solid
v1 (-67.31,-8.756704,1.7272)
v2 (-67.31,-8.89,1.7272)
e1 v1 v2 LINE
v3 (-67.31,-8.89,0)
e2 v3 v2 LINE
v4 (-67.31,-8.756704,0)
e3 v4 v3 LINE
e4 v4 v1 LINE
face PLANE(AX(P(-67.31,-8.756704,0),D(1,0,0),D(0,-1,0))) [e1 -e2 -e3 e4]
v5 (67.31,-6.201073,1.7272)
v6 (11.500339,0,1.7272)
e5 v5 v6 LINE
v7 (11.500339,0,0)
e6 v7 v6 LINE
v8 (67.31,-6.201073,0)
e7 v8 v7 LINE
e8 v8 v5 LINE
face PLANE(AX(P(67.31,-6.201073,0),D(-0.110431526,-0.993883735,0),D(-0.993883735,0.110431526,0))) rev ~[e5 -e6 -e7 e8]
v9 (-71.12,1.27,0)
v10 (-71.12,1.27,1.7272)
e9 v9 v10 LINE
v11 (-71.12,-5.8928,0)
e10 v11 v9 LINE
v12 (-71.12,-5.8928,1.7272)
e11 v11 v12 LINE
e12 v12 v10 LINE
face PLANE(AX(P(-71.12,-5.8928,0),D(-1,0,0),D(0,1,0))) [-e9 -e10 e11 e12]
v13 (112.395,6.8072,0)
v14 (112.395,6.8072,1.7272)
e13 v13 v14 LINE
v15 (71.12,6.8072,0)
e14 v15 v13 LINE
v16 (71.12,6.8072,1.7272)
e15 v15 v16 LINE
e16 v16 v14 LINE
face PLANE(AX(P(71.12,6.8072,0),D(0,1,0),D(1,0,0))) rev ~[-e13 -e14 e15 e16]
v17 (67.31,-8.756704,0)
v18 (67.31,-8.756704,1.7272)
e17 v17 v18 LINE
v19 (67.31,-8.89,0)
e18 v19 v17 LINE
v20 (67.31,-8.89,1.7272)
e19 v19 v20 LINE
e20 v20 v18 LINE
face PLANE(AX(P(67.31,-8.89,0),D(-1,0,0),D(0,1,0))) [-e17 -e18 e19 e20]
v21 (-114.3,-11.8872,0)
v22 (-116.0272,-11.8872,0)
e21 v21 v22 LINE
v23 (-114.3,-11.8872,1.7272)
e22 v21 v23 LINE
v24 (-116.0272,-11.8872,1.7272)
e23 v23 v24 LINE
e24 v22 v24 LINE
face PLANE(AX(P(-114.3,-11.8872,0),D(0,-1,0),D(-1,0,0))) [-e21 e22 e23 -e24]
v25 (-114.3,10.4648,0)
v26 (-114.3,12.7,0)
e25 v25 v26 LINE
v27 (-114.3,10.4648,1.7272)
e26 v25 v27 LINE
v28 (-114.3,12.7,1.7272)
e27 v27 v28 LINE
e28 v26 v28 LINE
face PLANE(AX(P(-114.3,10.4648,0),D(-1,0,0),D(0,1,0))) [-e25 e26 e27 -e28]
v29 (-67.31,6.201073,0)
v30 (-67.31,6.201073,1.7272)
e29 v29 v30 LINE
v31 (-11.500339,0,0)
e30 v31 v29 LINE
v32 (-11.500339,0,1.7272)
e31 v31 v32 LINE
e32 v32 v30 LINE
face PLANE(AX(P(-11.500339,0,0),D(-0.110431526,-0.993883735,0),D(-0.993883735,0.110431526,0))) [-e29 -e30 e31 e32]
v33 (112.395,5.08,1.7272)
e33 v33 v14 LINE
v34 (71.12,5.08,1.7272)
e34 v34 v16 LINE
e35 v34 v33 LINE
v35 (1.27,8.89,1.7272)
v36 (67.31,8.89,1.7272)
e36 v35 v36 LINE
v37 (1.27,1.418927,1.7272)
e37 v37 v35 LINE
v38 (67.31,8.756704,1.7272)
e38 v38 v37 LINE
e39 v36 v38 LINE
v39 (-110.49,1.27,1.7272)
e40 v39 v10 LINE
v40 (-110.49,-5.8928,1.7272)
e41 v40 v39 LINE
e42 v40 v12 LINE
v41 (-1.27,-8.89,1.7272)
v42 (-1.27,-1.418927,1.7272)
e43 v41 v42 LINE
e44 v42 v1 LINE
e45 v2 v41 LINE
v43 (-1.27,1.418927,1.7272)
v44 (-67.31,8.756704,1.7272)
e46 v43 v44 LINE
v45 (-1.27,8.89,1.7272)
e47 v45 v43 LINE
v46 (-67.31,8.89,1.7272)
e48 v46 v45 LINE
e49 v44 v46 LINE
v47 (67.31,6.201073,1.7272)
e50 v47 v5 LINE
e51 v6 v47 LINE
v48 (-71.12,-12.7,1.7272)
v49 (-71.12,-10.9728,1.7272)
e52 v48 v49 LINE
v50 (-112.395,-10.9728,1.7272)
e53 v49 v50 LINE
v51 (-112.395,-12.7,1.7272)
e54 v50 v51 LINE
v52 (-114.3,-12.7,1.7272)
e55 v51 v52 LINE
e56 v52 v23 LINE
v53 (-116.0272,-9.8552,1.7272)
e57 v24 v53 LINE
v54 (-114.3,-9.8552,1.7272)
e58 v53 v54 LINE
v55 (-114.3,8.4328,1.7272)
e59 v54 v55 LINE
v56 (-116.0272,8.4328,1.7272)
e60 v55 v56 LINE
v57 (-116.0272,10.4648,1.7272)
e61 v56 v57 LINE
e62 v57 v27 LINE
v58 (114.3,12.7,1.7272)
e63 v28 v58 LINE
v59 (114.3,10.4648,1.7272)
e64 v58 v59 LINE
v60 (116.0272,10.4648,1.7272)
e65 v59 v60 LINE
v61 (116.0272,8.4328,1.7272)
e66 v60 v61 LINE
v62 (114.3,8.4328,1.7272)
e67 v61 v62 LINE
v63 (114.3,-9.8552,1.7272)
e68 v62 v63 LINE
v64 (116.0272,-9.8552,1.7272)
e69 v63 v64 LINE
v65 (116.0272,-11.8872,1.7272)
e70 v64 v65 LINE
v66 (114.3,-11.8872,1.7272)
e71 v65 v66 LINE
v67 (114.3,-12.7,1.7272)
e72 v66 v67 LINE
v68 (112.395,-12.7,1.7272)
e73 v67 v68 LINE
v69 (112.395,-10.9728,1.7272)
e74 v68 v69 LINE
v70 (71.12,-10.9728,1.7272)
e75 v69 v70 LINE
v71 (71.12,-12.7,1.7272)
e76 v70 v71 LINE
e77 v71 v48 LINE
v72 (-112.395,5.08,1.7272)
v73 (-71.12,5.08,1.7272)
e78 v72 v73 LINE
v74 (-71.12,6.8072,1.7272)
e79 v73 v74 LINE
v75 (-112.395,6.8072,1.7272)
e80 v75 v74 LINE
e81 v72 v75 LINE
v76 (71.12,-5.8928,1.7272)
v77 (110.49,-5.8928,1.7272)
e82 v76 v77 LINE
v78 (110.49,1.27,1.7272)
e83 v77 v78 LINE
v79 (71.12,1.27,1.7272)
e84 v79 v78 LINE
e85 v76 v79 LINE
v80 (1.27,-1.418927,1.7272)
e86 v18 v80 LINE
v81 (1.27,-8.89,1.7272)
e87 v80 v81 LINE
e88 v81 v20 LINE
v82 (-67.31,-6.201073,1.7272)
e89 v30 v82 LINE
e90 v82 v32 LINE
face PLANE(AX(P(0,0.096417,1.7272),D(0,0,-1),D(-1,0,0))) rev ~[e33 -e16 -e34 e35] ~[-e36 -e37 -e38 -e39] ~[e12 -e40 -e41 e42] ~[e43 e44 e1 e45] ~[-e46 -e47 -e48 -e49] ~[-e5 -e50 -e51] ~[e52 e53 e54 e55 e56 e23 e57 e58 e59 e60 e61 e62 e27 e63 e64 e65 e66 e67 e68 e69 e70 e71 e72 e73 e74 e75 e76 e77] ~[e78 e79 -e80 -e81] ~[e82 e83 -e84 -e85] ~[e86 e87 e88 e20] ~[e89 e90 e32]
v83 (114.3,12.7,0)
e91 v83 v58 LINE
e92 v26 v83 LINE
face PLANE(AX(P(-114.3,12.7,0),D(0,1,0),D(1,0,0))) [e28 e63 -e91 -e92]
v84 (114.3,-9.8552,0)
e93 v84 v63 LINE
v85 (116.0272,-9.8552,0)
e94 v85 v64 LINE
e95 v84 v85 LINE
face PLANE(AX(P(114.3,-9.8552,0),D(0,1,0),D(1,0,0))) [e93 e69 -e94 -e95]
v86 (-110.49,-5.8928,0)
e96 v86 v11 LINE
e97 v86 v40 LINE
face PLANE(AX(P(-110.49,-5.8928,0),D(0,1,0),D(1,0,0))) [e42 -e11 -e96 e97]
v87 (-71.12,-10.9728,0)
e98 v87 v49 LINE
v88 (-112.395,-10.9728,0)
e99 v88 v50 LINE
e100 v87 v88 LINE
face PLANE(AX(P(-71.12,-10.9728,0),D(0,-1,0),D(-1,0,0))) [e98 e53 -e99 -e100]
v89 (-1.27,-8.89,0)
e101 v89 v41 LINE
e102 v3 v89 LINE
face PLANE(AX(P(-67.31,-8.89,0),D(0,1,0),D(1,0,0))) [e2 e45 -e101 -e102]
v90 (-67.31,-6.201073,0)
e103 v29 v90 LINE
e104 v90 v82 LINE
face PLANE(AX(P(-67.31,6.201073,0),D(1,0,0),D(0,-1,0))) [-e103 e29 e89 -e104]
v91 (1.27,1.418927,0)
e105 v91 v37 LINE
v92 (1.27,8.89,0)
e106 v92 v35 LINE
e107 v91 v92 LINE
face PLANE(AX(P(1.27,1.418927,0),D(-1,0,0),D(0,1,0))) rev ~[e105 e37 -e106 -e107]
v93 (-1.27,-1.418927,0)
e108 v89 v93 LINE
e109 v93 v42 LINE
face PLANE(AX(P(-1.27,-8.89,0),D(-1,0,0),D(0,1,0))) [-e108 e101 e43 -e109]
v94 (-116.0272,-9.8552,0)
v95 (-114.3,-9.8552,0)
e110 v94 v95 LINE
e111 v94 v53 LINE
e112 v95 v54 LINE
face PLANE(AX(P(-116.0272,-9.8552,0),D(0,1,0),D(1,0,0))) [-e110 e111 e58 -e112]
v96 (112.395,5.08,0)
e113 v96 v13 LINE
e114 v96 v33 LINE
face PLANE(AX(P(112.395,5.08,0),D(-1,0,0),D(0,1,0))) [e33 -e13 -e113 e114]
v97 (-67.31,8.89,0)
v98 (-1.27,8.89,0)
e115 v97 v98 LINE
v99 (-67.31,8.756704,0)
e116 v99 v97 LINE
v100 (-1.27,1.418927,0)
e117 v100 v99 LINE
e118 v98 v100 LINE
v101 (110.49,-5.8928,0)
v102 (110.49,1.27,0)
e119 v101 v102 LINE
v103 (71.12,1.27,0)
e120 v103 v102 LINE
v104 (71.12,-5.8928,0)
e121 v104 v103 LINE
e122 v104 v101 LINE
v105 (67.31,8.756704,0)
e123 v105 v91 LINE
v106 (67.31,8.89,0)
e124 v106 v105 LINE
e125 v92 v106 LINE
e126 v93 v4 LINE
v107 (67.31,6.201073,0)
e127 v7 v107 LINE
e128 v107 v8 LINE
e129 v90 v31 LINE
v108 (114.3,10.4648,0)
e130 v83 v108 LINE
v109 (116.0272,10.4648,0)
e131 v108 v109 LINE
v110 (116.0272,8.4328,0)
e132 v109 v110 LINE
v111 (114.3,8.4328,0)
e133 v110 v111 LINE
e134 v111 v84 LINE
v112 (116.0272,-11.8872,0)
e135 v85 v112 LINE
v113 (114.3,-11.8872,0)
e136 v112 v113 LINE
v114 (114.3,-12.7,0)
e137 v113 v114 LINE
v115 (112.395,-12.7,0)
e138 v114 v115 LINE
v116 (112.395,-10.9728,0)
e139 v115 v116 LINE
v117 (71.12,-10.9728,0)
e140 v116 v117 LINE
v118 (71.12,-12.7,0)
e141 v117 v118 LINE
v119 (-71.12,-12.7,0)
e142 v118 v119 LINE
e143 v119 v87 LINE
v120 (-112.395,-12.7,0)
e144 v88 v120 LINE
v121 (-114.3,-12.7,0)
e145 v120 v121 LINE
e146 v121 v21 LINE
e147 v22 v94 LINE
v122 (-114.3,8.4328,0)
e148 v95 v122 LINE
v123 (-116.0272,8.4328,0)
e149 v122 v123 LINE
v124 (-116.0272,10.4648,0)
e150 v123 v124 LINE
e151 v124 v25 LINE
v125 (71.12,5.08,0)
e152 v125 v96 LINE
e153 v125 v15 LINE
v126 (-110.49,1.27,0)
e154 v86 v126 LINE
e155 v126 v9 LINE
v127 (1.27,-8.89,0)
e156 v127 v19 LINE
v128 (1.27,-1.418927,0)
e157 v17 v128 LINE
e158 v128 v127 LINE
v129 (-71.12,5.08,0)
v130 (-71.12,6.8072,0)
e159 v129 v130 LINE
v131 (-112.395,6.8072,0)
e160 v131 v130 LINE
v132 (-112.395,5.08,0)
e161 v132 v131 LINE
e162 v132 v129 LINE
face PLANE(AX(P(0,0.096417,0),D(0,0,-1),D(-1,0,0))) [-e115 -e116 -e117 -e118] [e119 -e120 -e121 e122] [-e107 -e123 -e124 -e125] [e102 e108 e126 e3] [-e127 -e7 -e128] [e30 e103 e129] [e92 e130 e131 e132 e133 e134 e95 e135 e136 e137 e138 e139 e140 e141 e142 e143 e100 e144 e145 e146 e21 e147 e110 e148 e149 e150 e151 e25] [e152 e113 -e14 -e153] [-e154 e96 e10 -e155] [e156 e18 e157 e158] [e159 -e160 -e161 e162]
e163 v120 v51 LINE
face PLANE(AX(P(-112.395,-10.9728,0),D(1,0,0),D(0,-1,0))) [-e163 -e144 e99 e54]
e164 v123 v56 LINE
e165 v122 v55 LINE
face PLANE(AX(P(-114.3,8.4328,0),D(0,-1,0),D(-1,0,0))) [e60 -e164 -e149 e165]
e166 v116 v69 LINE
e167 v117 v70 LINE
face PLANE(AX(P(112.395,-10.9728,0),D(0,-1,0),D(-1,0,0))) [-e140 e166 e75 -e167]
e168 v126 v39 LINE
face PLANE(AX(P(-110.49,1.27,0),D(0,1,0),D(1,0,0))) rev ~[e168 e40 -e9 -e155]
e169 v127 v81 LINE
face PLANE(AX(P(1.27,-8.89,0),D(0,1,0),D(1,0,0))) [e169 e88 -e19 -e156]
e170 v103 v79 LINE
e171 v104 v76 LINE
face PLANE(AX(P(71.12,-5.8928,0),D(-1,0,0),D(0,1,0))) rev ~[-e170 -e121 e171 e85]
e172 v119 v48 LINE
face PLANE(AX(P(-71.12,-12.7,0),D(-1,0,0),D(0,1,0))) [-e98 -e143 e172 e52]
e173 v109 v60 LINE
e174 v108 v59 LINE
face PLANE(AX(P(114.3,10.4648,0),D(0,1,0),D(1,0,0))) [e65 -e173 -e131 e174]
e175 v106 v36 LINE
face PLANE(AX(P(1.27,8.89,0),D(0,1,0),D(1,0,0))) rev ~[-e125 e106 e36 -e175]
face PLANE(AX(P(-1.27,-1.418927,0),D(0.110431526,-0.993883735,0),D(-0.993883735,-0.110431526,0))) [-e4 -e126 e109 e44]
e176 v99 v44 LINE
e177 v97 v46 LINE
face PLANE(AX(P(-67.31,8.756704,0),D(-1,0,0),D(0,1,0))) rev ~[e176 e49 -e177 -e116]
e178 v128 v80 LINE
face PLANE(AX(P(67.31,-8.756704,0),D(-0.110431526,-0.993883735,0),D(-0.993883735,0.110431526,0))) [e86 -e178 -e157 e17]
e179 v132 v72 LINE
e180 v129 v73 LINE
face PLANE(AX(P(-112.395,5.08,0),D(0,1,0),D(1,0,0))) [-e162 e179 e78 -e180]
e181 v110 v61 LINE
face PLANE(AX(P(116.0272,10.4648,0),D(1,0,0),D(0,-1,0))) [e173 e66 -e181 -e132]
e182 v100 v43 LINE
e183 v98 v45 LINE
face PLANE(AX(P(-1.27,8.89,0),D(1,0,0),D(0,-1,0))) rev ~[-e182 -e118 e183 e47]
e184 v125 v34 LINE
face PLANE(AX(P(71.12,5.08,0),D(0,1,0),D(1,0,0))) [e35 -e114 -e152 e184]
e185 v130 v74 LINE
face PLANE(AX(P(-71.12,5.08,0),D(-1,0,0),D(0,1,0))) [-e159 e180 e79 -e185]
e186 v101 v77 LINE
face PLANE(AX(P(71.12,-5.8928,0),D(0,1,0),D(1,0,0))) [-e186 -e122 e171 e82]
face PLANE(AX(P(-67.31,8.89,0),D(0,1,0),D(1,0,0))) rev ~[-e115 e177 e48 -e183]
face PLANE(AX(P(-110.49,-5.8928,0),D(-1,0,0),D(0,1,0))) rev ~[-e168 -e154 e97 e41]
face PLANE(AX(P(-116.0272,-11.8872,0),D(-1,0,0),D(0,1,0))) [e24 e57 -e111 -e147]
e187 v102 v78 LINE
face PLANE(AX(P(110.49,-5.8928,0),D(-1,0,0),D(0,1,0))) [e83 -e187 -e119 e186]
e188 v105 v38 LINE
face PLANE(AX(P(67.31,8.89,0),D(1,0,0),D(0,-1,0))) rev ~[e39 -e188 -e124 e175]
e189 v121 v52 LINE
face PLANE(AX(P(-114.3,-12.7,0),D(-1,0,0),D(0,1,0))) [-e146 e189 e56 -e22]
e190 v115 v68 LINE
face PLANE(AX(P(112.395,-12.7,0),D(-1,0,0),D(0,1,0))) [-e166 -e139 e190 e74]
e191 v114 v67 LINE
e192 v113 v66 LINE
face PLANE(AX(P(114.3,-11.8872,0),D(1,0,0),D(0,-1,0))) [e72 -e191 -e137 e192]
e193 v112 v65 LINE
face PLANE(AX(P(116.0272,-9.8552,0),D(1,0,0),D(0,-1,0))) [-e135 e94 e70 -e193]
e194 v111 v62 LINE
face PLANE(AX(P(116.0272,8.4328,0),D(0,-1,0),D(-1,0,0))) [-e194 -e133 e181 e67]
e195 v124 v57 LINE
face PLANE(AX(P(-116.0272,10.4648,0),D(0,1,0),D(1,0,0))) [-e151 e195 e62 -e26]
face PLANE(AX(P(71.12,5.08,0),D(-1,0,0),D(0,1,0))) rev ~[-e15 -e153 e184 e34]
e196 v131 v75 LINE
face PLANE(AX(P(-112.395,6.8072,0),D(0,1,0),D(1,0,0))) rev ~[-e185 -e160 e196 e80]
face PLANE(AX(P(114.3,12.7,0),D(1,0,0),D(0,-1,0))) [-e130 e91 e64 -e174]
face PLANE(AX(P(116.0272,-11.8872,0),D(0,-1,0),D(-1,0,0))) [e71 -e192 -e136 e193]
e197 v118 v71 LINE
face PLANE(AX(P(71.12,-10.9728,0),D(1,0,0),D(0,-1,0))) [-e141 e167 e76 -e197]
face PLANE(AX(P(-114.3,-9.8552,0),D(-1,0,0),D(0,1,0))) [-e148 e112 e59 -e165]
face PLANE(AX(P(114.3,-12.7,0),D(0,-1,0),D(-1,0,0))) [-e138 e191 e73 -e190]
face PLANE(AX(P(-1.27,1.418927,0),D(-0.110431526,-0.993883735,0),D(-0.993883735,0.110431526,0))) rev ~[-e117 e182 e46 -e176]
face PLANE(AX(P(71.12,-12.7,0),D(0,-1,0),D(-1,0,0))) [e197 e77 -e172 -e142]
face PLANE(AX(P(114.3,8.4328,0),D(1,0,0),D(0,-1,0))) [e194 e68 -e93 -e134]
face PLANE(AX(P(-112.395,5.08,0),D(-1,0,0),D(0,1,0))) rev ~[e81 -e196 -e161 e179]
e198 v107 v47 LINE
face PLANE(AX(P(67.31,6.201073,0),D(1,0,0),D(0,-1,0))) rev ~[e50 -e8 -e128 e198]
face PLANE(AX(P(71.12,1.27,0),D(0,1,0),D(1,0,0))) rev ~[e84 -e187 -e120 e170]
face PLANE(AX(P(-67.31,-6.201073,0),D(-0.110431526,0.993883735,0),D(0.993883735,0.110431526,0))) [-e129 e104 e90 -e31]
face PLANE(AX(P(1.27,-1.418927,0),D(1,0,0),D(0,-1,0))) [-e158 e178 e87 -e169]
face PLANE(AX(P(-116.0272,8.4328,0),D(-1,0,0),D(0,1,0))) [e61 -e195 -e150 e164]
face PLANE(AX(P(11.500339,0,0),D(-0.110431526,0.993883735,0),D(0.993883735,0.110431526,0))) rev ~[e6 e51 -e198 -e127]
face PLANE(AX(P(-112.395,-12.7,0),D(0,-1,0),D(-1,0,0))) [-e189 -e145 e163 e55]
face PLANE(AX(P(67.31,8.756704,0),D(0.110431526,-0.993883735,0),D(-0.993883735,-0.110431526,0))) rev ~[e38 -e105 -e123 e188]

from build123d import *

# Parameters (mm, degrees)
SKETCH1_W           = 41.275
SKETCH1_H           = 1.7272
SKETCH1_W_2         = 39.37
SKETCH1_H_2         = 7.1628
BOSS_EXTRUDE1_DEPTH = 1.7272


with BuildPart() as part:
    # Sketch1 → Boss-Extrude1 (new body)
    with BuildSketch(Plane.XY):
        Polygon((-112.395, -12.7), (-114.3, -12.7), (-114.3, -11.8872), (-116.0272, -11.8872), (-116.0272, -9.8552), (-114.3, -9.8552), (-114.3, 8.4328), (-116.0272, 8.4328), (-116.0272, 10.4648), (-114.3, 10.4648), (-114.3, 12.7), (114.3, 12.7), (114.3, 10.4648), (116.0272, 10.4648), (116.0272, 8.4328), (114.3, 8.4328), (114.3, -9.8552), (116.0272, -9.8552), (116.0272, -11.8872), (114.3, -11.8872), (114.3, -12.7), (112.395, -12.7), (112.395, -10.9728), (71.12, -10.9728), (71.12, -12.7), (-71.12, -12.7), (-71.12, -10.9728), (-112.395, -10.9728), align=None)
        Polygon((67.31, -6.201073431), (11.500339125, 0), (67.31, 6.201073431), align=None, mode=Mode.SUBTRACT)
        Polygon((-67.31, 8.89), (-1.27, 8.89), (-1.27, 1.418926569), (-67.31, 8.756704347), align=None, mode=Mode.SUBTRACT)
        Polygon((-67.31, -8.89), (-1.27, -8.89), (-1.27, -1.418926569), (-67.31, -8.756704347), align=None, mode=Mode.SUBTRACT)
        Polygon((67.31, 8.89), (67.31, 8.756704347), (1.27, 1.418926569), (1.27, 8.89), align=None, mode=Mode.SUBTRACT)
        Polygon((67.31, -8.756704347), (1.27, -1.418926569), (1.27, -8.89), (67.31, -8.89), align=None, mode=Mode.SUBTRACT)
        Polygon((-67.31, 6.201073431), (-67.31, -6.201073431), (-11.500339125, 0), align=None, mode=Mode.SUBTRACT)
        with Locations((-91.7575, 5.9436)):
            Rectangle(SKETCH1_W, SKETCH1_H, mode=Mode.SUBTRACT)
        with Locations((91.7575, 5.9436)):
            Rectangle(SKETCH1_W, SKETCH1_H, mode=Mode.SUBTRACT)
        with Locations((90.805, -2.3114)):
            Rectangle(SKETCH1_W_2, SKETCH1_H_2, mode=Mode.SUBTRACT)
        with Locations((-90.805, -2.3114)):
            Rectangle(SKETCH1_W_2, SKETCH1_H_2, mode=Mode.SUBTRACT)
    extrude(amount=BOSS_EXTRUDE1_DEPTH)


solid = part.part
